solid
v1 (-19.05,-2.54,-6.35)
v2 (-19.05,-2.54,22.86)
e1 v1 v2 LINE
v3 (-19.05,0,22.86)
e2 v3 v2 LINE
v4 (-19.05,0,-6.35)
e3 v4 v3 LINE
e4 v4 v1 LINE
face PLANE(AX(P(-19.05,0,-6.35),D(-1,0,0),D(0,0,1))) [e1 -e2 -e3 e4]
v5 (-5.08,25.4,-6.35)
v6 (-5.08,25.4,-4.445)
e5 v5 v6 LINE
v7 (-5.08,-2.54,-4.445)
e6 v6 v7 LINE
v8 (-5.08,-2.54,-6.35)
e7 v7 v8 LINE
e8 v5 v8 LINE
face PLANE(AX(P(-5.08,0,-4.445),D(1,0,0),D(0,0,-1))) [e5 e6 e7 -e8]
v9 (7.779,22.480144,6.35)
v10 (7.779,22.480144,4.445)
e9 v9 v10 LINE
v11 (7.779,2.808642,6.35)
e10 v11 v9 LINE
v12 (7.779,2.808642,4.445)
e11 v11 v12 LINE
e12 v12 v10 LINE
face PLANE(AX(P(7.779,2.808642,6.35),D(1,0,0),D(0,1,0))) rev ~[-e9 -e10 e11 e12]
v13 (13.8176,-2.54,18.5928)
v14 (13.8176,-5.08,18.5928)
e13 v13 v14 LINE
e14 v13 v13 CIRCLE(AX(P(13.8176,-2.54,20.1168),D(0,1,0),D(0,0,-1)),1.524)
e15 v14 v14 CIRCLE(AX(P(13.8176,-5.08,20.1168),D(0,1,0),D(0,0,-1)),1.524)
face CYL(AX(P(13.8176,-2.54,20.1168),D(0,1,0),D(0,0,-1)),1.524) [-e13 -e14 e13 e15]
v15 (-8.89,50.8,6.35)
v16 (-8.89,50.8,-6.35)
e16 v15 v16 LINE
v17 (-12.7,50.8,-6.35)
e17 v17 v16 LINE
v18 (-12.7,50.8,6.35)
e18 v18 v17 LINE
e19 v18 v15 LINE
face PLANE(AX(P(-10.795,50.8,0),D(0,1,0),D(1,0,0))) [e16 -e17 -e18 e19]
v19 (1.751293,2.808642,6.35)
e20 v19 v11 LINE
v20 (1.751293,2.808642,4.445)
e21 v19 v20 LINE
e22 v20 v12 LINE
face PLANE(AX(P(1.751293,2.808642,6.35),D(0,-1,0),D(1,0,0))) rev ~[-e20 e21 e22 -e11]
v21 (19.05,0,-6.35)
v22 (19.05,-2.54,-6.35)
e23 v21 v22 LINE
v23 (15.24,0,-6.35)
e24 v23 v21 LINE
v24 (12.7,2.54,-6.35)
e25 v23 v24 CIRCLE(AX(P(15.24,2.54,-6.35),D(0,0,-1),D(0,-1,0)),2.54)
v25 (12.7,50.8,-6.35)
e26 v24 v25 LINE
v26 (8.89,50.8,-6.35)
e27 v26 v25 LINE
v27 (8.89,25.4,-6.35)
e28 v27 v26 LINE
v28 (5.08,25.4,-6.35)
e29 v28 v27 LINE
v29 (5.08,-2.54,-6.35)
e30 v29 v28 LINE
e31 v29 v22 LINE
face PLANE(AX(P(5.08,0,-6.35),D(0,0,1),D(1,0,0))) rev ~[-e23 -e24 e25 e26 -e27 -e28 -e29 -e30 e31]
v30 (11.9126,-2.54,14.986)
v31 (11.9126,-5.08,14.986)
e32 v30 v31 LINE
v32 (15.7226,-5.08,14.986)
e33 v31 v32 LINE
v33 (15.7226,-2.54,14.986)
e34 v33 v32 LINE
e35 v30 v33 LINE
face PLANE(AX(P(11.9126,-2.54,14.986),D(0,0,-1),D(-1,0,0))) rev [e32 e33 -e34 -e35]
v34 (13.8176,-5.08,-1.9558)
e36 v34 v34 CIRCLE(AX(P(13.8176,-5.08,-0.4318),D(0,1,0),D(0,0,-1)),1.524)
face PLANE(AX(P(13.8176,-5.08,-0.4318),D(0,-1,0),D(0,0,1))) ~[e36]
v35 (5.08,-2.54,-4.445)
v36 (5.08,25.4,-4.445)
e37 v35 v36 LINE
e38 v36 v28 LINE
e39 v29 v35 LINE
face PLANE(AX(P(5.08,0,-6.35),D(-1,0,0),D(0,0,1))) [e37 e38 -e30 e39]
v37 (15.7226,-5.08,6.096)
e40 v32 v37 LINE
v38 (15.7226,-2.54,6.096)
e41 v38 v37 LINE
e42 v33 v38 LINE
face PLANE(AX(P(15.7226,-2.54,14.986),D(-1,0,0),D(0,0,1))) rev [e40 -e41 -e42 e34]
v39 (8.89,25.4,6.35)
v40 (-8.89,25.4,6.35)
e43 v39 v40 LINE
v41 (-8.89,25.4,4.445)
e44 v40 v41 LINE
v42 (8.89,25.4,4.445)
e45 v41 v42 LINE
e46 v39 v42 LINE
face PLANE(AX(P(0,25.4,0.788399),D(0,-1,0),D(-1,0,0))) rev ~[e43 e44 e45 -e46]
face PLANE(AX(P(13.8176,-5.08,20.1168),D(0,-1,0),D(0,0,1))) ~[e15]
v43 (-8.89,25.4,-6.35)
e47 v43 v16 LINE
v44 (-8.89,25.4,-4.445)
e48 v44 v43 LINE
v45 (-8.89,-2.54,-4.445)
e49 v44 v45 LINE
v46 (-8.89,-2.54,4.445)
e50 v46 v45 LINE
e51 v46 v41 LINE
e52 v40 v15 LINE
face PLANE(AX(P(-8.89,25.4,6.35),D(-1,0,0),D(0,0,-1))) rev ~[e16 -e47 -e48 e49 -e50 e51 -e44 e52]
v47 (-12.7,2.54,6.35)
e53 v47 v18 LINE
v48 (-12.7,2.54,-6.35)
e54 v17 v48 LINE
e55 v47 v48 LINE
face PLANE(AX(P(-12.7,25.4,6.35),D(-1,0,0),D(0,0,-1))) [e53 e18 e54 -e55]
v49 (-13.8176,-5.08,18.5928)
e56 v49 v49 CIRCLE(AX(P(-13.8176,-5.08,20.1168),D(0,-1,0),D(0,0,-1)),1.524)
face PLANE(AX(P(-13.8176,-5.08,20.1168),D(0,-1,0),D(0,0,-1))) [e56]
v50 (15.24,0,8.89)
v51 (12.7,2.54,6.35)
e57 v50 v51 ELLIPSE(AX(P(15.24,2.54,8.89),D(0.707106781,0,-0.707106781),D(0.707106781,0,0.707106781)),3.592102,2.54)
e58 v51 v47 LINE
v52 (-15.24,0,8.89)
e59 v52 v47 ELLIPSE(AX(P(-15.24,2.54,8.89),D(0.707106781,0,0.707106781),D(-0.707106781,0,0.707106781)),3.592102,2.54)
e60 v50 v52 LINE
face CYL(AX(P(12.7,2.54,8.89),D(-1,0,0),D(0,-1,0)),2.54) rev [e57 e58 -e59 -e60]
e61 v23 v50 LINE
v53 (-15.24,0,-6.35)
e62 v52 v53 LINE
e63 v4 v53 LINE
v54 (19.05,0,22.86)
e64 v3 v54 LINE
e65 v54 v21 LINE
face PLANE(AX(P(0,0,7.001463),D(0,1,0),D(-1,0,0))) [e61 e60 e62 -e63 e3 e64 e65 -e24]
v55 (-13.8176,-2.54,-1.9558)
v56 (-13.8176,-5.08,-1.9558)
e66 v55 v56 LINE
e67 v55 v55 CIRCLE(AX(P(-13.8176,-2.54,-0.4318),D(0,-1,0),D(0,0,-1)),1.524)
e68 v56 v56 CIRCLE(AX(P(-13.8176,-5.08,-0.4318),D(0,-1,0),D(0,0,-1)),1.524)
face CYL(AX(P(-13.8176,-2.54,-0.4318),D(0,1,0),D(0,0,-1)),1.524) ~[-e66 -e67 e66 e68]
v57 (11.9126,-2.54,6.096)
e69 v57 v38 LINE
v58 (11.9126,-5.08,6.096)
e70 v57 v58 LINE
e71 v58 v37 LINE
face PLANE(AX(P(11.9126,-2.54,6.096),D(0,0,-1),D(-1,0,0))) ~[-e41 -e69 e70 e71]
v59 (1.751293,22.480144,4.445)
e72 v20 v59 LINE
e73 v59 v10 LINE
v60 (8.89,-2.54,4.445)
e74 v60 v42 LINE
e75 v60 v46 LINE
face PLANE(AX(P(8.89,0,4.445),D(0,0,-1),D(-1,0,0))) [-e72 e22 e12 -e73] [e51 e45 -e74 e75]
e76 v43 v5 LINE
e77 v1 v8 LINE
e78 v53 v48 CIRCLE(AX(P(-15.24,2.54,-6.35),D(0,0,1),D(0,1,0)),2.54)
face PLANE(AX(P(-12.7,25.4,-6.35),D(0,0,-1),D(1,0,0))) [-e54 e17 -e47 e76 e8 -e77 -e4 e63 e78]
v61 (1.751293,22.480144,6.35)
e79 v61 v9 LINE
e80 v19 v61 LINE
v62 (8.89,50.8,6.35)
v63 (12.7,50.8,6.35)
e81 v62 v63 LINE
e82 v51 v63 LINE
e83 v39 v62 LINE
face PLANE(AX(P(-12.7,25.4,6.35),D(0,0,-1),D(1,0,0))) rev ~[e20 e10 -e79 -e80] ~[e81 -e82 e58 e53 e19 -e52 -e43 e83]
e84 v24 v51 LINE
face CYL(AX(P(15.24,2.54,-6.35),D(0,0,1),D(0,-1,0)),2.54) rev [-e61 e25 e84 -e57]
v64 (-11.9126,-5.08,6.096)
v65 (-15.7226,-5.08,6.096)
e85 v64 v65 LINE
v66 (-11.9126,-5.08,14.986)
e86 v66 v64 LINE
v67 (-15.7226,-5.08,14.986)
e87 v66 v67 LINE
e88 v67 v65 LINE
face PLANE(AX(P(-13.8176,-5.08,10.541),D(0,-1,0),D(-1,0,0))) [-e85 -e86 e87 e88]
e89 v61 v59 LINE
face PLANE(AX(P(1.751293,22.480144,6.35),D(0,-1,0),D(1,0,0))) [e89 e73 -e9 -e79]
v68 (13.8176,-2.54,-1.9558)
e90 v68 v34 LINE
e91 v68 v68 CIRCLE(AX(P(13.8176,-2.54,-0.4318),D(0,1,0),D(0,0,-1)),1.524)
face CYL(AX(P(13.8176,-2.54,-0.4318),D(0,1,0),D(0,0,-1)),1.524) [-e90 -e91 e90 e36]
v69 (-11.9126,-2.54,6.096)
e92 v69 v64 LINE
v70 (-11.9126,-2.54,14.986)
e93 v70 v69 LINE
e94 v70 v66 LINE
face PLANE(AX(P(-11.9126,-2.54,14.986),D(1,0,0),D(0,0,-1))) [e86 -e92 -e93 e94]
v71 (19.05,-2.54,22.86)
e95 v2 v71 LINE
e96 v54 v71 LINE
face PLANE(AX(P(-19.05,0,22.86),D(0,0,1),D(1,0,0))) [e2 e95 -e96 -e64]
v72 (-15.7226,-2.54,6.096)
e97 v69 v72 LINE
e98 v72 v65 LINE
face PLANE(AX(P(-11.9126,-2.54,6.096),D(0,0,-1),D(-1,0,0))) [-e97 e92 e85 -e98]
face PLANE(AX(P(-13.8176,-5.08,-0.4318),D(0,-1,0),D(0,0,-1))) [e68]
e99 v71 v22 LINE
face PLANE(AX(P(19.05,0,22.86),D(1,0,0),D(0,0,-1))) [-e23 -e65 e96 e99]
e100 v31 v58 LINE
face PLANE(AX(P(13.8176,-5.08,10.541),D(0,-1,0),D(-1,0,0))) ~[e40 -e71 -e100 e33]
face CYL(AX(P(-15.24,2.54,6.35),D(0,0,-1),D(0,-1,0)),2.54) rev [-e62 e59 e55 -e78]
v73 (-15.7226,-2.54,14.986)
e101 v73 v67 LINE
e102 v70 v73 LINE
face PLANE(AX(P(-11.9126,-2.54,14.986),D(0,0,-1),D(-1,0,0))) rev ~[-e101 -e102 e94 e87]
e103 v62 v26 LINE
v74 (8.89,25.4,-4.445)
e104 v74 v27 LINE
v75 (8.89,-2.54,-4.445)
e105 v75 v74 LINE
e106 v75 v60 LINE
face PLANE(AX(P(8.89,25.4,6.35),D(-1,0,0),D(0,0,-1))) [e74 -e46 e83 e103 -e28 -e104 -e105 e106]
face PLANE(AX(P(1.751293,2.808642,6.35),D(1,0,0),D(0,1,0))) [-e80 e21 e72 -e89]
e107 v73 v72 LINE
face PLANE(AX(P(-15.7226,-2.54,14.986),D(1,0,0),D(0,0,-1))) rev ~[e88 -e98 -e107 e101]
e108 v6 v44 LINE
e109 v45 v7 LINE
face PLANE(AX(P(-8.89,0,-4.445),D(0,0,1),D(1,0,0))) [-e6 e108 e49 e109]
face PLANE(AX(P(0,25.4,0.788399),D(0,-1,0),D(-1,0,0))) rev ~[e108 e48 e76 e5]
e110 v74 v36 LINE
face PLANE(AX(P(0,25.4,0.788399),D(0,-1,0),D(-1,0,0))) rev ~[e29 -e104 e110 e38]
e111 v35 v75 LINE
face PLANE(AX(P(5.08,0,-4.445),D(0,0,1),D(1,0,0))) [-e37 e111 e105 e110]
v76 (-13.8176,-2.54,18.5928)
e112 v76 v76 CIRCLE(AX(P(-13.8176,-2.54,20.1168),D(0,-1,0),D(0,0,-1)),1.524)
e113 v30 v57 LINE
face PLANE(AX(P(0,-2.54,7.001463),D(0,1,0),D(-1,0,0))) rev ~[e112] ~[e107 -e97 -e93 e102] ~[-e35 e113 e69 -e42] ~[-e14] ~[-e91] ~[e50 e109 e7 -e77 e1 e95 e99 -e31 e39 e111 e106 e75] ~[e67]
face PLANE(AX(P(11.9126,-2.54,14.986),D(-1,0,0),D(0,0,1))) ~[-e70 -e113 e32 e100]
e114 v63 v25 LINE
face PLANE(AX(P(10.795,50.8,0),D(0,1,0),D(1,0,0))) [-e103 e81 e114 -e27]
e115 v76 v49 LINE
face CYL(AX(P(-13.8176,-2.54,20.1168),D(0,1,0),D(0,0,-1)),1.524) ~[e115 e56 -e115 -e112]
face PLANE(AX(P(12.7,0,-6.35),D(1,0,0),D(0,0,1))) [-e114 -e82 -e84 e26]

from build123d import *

# Parameters (mm, degrees)
BOSS_EXTRUDE1_DEPTH = 25.4
BOSS_EXTRUDE2_DEPTH = 2.54
FILLET1_R           = 2.54
SKETCH3_R           = 1.524
BOSS_EXTRUDE3_DEPTH = 2.54
SKETCH4_R           = 1.524
SKETCH4_W           = 3.81
SKETCH4_H           = 8.89
BOSS_EXTRUDE4_DEPTH = 2.54
CUT_EXTRUDE1_REACH  = 37.786
SKETCH5_W           = 6.027706616
SKETCH5_H           = 19.671501998
SKETCH6_W           = 3.81
SKETCH6_H           = 12.7
BOSS_EXTRUDE5_DEPTH = 25.4


with BuildPart() as part:
    # Sketch1 → Boss-Extrude1 (new body)
    with BuildSketch(Plane(origin=(0, 0, 0), x_dir=(1, 0, 0), z_dir=(0, 1, 0))):
        Polygon((-12.7, 6.35), (-5.08, 6.35), (-5.08, 4.445), (-8.89, 4.445), (-8.89, -4.445), (8.89, -4.445), (8.89, 4.445), (5.08, 4.445), (5.08, 6.35), (12.7, 6.35), (12.7, -6.35), (-12.7, -6.35), align=None)
    extrude(amount=BOSS_EXTRUDE1_DEPTH)

    # Sketch2 → Boss-Extrude2 (add)
    with BuildSketch(Plane.XZ):
        Polygon((-12.7, -6.35), (-19.05, -6.35), (-19.05, 22.86), (19.05, 22.86), (19.05, -6.35), (12.7, -6.35), (5.08, -6.35), (5.08, -4.445), (8.89, -4.445), (8.89, 4.445), (-8.89, 4.445), (-8.89, -4.445), (-5.08, -4.445), (-5.08, -6.35), align=None)
    extrude(amount=BOSS_EXTRUDE2_DEPTH)

    # Fillet1
    fillet1_edges = [part.edges().sort_by_distance(p)[0] for p in [
        (12.7, 0, 0),
        (0, 0, 6.35),
        (-12.7, 0, 0),
    ]]
    fillet(fillet1_edges, radius=FILLET1_R)

    # Sketch3 → Boss-Extrude3 (add)
    with BuildSketch(Plane.XZ.offset(2.54)):
        with Locations(Location((-13.8176, -0.4318, 0), (0, 0, 270))):
            Circle(SKETCH3_R)
    boss_extrude3 = extrude(amount=BOSS_EXTRUDE3_DEPTH)

    # Sketch4 → Boss-Extrude4 (add)
    with BuildSketch(Plane(origin=(0, -2.54, 0), x_dir=(-1, 0, 0), z_dir=(0, -1, 0))):
        with Locations(Location((13.8176, -20.1168, 0), (0, 0, 90))):
            Circle(SKETCH4_R)
        with Locations((13.8176, -10.541)):
            Rectangle(SKETCH4_W, SKETCH4_H)
    boss_extrude4 = extrude(amount=BOSS_EXTRUDE4_DEPTH)

    # Mirror1: Boss-Extrude3, Boss-Extrude4 across plane
    add(boss_extrude3.mirror(Plane(origin=(0, 0, 0), x_dir=(0, 0, 1), z_dir=(1, 0, 0))))
    add(boss_extrude4.mirror(Plane(origin=(0, 0, 0), x_dir=(0, 0, 1), z_dir=(1, 0, 0))))

    # Sketch5 → Cut-Extrude1 (cut, up to next)
    with BuildSketch(Plane.XY.offset(6.35), mode=Mode.PRIVATE) as cut_extrude1_sk1:
        with Locations((4.765146447, 12.644392592)):
            Rectangle(SKETCH5_W, SKETCH5_H)
    cut_extrude1_tool1 = extrude(cut_extrude1_sk1.sketch, amount=-CUT_EXTRUDE1_REACH, mode=Mode.PRIVATE) & part.part
    add(cut_extrude1_tool1.solids().sort_by_distance((4.765146, 12.644393, 6.35))[0], mode=Mode.SUBTRACT)

    # Sketch6 → Boss-Extrude5 (add)
    with BuildSketch(Plane(origin=(0, 25.4, 0), x_dir=(1, 0, 0), z_dir=(0, 1, 0))):
        with Locations((-10.795, 0)):
            Rectangle(SKETCH6_W, SKETCH6_H)
        with Locations((10.795, 0)):
            Rectangle(SKETCH6_W, SKETCH6_H)
    extrude(amount=BOSS_EXTRUDE5_DEPTH)


solid = part.part
